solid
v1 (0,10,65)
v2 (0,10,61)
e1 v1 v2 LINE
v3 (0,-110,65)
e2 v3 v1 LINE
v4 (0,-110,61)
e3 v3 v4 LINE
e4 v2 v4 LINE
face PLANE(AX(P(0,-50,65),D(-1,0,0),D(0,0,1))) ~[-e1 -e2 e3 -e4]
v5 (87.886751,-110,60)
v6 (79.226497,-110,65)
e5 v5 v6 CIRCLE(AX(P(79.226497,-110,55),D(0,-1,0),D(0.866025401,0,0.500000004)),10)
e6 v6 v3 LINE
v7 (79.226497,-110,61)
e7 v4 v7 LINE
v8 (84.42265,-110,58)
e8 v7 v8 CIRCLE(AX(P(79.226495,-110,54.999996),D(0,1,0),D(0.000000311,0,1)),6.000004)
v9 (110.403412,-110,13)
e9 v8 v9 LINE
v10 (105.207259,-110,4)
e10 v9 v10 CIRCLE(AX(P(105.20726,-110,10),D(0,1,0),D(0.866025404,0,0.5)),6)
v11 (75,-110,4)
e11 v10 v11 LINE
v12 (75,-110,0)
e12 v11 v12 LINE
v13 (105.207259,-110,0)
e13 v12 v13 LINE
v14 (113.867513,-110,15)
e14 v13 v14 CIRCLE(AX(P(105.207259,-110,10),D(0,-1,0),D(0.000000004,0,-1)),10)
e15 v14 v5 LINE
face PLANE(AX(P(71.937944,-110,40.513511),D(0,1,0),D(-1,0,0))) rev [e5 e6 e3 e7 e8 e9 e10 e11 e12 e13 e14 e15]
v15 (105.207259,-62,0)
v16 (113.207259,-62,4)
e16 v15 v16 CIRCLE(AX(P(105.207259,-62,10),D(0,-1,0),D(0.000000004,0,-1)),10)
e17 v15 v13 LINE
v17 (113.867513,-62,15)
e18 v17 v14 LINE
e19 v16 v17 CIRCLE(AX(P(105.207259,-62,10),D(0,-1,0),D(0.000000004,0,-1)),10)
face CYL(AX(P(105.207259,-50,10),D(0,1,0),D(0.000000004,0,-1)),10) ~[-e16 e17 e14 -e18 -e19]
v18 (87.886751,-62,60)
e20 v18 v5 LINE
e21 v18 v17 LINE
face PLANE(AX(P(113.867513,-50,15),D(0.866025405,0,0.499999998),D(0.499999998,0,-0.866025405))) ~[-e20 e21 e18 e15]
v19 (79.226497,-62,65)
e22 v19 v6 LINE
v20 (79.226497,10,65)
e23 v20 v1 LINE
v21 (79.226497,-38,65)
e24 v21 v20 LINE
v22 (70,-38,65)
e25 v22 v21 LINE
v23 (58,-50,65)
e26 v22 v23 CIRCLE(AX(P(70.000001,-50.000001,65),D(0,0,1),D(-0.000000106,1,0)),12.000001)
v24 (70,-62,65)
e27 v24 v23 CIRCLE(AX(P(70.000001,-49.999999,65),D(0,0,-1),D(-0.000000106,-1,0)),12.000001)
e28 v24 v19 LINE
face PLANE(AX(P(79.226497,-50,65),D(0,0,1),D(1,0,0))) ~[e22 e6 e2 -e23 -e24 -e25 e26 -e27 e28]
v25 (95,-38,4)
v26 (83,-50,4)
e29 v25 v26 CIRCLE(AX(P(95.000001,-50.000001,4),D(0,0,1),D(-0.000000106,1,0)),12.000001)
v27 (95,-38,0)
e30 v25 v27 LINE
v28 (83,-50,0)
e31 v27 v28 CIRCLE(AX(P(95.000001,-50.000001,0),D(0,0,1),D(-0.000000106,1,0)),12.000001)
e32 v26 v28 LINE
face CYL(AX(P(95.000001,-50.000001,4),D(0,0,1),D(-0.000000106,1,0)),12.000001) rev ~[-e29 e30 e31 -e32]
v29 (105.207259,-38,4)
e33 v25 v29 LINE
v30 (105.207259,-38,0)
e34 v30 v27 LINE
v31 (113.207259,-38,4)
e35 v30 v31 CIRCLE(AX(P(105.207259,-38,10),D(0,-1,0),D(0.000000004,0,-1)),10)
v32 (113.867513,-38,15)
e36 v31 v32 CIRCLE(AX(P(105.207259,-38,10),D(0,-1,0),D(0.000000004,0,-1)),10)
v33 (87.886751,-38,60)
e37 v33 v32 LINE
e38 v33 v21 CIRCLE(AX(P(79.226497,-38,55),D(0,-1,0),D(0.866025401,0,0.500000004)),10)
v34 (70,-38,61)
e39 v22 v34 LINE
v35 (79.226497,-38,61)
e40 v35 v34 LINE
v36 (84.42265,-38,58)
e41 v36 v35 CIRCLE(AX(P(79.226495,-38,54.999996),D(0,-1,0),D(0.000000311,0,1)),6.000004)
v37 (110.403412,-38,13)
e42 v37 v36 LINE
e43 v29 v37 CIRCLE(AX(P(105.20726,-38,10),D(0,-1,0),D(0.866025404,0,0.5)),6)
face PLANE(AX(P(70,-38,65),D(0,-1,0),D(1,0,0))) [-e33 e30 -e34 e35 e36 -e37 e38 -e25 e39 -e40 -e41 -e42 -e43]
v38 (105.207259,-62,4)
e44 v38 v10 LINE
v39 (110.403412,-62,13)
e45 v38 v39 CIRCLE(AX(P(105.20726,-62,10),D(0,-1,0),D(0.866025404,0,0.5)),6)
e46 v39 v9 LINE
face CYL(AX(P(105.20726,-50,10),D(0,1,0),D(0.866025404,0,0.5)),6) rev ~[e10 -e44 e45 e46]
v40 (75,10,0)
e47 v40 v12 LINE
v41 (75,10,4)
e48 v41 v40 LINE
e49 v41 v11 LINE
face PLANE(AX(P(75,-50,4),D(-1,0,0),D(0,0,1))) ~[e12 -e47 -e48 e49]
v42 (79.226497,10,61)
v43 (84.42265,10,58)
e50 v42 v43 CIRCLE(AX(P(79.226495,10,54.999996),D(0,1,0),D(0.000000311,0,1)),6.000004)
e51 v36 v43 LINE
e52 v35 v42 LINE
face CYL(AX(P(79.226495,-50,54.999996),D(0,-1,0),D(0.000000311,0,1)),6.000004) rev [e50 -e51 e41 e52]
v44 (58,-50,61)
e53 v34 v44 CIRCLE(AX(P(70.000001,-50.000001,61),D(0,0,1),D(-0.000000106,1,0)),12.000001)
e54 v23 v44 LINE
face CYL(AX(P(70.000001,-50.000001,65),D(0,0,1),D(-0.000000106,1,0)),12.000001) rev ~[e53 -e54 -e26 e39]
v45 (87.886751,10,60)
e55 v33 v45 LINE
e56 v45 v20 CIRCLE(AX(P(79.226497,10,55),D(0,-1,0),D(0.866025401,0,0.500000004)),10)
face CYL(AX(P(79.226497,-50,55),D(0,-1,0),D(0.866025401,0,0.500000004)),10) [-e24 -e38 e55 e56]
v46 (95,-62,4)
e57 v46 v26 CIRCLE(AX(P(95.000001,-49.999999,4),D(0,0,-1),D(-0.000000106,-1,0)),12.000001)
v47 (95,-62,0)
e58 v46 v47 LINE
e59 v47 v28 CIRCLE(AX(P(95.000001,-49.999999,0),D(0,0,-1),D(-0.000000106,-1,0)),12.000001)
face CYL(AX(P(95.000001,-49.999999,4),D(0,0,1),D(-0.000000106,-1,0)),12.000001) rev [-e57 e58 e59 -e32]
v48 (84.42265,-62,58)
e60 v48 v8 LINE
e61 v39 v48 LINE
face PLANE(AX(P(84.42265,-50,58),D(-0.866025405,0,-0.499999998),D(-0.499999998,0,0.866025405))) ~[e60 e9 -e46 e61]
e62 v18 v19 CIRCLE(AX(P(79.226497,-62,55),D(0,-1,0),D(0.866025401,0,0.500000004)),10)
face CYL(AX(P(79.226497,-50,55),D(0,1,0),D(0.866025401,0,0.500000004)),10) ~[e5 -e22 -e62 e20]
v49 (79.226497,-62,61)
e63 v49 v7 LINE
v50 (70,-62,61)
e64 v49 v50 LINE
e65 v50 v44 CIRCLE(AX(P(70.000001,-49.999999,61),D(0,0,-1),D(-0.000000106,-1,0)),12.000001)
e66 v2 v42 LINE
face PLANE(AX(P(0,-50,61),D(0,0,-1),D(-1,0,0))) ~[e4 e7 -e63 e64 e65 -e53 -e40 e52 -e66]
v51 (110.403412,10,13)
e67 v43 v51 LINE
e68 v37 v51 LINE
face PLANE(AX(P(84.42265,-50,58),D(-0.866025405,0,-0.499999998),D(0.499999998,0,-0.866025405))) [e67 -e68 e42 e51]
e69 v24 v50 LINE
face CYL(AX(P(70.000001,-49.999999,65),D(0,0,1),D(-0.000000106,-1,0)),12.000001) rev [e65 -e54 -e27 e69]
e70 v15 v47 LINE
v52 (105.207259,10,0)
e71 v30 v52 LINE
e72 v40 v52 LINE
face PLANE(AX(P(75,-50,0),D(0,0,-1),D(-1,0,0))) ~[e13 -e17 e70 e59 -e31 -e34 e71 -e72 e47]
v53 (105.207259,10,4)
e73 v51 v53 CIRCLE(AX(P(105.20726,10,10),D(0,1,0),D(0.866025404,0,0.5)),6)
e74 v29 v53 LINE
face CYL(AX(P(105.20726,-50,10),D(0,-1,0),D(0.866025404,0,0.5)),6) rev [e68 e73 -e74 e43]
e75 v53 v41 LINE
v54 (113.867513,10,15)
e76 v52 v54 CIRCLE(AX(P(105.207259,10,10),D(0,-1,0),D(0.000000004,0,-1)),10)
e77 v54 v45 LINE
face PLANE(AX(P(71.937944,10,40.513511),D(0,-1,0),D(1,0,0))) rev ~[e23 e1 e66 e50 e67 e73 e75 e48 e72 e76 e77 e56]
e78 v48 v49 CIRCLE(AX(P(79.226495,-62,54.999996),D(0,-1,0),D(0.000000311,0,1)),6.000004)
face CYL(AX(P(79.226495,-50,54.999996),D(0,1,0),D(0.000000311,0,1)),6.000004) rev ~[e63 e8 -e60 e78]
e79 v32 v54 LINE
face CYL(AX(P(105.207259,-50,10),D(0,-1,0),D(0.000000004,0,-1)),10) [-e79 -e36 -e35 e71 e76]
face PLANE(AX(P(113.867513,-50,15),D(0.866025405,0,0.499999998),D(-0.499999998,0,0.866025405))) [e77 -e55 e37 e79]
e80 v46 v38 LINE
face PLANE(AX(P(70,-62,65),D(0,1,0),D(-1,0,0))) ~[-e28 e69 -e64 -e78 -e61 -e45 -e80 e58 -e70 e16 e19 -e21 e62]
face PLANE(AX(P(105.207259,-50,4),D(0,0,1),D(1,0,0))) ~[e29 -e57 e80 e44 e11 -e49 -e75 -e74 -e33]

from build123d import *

# Parameters (mm, degrees)
PAD_DEPTH       = 60
POCKET_DEPTH    = 61
POCKET001_DEPTH = 4.001


with BuildPart() as part:
    # Sketch001 → Pad (new body)
    with BuildSketch(Plane.XZ.offset(50)):
        with BuildLine():
            Line((0, 65), (0, 61))
            Line((0, 61), (79.226497, 61))
            ThreePointArc((79.226497, 61), (82.226497, 60.196152), (84.42265, 58))
            Line((84.42265, 58), (110.403412, 13))
            ThreePointArc((110.403412, 13), (110.403412, 7), (105.207259, 4))
            Line((105.207259, 4), (75, 4))
            Line((75, 4), (75, 0))
            Line((75, 0), (105.207259, 0))
            ThreePointArc((105.207259, 0), (113.867513, 5), (113.867513, 15))
            Line((113.867513, 15), (87.886751, 60))
            ThreePointArc((87.886751, 60), (84.226497, 63.660254), (79.226497, 65))
            Line((79.226497, 65), (0, 65))
        make_face()
    extrude(amount=-PAD_DEPTH)

    # Sketch002 (on Face12 of Pad) → Pocket (cut)
    with BuildSketch(Plane(origin=(0, -50, 65), x_dir=(-1, 0, 0), z_dir=(0, 0, 1))):
        with BuildLine():
            ThreePointArc((-70, -12), (-61.514719, -8.485281), (-58, 0))
            Line((-125.207259, 0), (-58, 0))
            Line((-125.207259, -12), (-125.207259, 0))
            Line((-70, -12), (-125.207259, -12))
        make_face()
    extrude(amount=-POCKET_DEPTH, mode=Mode.SUBTRACT)

    # Sketch003 (on Face17 of Pocket) → Pocket001 (cut, through all)
    with BuildSketch(Plane(origin=(0, -50, 4), x_dir=(-1, 0, 0), z_dir=(0, 0, 1))):
        with BuildLine():
            Line((-113.207259, 0), (-83, 0))
            ThreePointArc((-95, -12), (-86.514719, -8.485281), (-83, 0))
            Line((-95, -12), (-113.207259, -12))
            Line((-113.207259, -12), (-113.207259, 0))
        make_face()
    extrude(amount=-POCKET001_DEPTH, mode=Mode.SUBTRACT)

    # Mirrored: part across face of Pocket001


with BuildPart() as part_1:
    add(part.part)
    add(part.part.mirror(Plane(origin=(29, -50, 63), x_dir=(1, 0, 0), z_dir=(0, -1, 0))))


solid = part_1.part
